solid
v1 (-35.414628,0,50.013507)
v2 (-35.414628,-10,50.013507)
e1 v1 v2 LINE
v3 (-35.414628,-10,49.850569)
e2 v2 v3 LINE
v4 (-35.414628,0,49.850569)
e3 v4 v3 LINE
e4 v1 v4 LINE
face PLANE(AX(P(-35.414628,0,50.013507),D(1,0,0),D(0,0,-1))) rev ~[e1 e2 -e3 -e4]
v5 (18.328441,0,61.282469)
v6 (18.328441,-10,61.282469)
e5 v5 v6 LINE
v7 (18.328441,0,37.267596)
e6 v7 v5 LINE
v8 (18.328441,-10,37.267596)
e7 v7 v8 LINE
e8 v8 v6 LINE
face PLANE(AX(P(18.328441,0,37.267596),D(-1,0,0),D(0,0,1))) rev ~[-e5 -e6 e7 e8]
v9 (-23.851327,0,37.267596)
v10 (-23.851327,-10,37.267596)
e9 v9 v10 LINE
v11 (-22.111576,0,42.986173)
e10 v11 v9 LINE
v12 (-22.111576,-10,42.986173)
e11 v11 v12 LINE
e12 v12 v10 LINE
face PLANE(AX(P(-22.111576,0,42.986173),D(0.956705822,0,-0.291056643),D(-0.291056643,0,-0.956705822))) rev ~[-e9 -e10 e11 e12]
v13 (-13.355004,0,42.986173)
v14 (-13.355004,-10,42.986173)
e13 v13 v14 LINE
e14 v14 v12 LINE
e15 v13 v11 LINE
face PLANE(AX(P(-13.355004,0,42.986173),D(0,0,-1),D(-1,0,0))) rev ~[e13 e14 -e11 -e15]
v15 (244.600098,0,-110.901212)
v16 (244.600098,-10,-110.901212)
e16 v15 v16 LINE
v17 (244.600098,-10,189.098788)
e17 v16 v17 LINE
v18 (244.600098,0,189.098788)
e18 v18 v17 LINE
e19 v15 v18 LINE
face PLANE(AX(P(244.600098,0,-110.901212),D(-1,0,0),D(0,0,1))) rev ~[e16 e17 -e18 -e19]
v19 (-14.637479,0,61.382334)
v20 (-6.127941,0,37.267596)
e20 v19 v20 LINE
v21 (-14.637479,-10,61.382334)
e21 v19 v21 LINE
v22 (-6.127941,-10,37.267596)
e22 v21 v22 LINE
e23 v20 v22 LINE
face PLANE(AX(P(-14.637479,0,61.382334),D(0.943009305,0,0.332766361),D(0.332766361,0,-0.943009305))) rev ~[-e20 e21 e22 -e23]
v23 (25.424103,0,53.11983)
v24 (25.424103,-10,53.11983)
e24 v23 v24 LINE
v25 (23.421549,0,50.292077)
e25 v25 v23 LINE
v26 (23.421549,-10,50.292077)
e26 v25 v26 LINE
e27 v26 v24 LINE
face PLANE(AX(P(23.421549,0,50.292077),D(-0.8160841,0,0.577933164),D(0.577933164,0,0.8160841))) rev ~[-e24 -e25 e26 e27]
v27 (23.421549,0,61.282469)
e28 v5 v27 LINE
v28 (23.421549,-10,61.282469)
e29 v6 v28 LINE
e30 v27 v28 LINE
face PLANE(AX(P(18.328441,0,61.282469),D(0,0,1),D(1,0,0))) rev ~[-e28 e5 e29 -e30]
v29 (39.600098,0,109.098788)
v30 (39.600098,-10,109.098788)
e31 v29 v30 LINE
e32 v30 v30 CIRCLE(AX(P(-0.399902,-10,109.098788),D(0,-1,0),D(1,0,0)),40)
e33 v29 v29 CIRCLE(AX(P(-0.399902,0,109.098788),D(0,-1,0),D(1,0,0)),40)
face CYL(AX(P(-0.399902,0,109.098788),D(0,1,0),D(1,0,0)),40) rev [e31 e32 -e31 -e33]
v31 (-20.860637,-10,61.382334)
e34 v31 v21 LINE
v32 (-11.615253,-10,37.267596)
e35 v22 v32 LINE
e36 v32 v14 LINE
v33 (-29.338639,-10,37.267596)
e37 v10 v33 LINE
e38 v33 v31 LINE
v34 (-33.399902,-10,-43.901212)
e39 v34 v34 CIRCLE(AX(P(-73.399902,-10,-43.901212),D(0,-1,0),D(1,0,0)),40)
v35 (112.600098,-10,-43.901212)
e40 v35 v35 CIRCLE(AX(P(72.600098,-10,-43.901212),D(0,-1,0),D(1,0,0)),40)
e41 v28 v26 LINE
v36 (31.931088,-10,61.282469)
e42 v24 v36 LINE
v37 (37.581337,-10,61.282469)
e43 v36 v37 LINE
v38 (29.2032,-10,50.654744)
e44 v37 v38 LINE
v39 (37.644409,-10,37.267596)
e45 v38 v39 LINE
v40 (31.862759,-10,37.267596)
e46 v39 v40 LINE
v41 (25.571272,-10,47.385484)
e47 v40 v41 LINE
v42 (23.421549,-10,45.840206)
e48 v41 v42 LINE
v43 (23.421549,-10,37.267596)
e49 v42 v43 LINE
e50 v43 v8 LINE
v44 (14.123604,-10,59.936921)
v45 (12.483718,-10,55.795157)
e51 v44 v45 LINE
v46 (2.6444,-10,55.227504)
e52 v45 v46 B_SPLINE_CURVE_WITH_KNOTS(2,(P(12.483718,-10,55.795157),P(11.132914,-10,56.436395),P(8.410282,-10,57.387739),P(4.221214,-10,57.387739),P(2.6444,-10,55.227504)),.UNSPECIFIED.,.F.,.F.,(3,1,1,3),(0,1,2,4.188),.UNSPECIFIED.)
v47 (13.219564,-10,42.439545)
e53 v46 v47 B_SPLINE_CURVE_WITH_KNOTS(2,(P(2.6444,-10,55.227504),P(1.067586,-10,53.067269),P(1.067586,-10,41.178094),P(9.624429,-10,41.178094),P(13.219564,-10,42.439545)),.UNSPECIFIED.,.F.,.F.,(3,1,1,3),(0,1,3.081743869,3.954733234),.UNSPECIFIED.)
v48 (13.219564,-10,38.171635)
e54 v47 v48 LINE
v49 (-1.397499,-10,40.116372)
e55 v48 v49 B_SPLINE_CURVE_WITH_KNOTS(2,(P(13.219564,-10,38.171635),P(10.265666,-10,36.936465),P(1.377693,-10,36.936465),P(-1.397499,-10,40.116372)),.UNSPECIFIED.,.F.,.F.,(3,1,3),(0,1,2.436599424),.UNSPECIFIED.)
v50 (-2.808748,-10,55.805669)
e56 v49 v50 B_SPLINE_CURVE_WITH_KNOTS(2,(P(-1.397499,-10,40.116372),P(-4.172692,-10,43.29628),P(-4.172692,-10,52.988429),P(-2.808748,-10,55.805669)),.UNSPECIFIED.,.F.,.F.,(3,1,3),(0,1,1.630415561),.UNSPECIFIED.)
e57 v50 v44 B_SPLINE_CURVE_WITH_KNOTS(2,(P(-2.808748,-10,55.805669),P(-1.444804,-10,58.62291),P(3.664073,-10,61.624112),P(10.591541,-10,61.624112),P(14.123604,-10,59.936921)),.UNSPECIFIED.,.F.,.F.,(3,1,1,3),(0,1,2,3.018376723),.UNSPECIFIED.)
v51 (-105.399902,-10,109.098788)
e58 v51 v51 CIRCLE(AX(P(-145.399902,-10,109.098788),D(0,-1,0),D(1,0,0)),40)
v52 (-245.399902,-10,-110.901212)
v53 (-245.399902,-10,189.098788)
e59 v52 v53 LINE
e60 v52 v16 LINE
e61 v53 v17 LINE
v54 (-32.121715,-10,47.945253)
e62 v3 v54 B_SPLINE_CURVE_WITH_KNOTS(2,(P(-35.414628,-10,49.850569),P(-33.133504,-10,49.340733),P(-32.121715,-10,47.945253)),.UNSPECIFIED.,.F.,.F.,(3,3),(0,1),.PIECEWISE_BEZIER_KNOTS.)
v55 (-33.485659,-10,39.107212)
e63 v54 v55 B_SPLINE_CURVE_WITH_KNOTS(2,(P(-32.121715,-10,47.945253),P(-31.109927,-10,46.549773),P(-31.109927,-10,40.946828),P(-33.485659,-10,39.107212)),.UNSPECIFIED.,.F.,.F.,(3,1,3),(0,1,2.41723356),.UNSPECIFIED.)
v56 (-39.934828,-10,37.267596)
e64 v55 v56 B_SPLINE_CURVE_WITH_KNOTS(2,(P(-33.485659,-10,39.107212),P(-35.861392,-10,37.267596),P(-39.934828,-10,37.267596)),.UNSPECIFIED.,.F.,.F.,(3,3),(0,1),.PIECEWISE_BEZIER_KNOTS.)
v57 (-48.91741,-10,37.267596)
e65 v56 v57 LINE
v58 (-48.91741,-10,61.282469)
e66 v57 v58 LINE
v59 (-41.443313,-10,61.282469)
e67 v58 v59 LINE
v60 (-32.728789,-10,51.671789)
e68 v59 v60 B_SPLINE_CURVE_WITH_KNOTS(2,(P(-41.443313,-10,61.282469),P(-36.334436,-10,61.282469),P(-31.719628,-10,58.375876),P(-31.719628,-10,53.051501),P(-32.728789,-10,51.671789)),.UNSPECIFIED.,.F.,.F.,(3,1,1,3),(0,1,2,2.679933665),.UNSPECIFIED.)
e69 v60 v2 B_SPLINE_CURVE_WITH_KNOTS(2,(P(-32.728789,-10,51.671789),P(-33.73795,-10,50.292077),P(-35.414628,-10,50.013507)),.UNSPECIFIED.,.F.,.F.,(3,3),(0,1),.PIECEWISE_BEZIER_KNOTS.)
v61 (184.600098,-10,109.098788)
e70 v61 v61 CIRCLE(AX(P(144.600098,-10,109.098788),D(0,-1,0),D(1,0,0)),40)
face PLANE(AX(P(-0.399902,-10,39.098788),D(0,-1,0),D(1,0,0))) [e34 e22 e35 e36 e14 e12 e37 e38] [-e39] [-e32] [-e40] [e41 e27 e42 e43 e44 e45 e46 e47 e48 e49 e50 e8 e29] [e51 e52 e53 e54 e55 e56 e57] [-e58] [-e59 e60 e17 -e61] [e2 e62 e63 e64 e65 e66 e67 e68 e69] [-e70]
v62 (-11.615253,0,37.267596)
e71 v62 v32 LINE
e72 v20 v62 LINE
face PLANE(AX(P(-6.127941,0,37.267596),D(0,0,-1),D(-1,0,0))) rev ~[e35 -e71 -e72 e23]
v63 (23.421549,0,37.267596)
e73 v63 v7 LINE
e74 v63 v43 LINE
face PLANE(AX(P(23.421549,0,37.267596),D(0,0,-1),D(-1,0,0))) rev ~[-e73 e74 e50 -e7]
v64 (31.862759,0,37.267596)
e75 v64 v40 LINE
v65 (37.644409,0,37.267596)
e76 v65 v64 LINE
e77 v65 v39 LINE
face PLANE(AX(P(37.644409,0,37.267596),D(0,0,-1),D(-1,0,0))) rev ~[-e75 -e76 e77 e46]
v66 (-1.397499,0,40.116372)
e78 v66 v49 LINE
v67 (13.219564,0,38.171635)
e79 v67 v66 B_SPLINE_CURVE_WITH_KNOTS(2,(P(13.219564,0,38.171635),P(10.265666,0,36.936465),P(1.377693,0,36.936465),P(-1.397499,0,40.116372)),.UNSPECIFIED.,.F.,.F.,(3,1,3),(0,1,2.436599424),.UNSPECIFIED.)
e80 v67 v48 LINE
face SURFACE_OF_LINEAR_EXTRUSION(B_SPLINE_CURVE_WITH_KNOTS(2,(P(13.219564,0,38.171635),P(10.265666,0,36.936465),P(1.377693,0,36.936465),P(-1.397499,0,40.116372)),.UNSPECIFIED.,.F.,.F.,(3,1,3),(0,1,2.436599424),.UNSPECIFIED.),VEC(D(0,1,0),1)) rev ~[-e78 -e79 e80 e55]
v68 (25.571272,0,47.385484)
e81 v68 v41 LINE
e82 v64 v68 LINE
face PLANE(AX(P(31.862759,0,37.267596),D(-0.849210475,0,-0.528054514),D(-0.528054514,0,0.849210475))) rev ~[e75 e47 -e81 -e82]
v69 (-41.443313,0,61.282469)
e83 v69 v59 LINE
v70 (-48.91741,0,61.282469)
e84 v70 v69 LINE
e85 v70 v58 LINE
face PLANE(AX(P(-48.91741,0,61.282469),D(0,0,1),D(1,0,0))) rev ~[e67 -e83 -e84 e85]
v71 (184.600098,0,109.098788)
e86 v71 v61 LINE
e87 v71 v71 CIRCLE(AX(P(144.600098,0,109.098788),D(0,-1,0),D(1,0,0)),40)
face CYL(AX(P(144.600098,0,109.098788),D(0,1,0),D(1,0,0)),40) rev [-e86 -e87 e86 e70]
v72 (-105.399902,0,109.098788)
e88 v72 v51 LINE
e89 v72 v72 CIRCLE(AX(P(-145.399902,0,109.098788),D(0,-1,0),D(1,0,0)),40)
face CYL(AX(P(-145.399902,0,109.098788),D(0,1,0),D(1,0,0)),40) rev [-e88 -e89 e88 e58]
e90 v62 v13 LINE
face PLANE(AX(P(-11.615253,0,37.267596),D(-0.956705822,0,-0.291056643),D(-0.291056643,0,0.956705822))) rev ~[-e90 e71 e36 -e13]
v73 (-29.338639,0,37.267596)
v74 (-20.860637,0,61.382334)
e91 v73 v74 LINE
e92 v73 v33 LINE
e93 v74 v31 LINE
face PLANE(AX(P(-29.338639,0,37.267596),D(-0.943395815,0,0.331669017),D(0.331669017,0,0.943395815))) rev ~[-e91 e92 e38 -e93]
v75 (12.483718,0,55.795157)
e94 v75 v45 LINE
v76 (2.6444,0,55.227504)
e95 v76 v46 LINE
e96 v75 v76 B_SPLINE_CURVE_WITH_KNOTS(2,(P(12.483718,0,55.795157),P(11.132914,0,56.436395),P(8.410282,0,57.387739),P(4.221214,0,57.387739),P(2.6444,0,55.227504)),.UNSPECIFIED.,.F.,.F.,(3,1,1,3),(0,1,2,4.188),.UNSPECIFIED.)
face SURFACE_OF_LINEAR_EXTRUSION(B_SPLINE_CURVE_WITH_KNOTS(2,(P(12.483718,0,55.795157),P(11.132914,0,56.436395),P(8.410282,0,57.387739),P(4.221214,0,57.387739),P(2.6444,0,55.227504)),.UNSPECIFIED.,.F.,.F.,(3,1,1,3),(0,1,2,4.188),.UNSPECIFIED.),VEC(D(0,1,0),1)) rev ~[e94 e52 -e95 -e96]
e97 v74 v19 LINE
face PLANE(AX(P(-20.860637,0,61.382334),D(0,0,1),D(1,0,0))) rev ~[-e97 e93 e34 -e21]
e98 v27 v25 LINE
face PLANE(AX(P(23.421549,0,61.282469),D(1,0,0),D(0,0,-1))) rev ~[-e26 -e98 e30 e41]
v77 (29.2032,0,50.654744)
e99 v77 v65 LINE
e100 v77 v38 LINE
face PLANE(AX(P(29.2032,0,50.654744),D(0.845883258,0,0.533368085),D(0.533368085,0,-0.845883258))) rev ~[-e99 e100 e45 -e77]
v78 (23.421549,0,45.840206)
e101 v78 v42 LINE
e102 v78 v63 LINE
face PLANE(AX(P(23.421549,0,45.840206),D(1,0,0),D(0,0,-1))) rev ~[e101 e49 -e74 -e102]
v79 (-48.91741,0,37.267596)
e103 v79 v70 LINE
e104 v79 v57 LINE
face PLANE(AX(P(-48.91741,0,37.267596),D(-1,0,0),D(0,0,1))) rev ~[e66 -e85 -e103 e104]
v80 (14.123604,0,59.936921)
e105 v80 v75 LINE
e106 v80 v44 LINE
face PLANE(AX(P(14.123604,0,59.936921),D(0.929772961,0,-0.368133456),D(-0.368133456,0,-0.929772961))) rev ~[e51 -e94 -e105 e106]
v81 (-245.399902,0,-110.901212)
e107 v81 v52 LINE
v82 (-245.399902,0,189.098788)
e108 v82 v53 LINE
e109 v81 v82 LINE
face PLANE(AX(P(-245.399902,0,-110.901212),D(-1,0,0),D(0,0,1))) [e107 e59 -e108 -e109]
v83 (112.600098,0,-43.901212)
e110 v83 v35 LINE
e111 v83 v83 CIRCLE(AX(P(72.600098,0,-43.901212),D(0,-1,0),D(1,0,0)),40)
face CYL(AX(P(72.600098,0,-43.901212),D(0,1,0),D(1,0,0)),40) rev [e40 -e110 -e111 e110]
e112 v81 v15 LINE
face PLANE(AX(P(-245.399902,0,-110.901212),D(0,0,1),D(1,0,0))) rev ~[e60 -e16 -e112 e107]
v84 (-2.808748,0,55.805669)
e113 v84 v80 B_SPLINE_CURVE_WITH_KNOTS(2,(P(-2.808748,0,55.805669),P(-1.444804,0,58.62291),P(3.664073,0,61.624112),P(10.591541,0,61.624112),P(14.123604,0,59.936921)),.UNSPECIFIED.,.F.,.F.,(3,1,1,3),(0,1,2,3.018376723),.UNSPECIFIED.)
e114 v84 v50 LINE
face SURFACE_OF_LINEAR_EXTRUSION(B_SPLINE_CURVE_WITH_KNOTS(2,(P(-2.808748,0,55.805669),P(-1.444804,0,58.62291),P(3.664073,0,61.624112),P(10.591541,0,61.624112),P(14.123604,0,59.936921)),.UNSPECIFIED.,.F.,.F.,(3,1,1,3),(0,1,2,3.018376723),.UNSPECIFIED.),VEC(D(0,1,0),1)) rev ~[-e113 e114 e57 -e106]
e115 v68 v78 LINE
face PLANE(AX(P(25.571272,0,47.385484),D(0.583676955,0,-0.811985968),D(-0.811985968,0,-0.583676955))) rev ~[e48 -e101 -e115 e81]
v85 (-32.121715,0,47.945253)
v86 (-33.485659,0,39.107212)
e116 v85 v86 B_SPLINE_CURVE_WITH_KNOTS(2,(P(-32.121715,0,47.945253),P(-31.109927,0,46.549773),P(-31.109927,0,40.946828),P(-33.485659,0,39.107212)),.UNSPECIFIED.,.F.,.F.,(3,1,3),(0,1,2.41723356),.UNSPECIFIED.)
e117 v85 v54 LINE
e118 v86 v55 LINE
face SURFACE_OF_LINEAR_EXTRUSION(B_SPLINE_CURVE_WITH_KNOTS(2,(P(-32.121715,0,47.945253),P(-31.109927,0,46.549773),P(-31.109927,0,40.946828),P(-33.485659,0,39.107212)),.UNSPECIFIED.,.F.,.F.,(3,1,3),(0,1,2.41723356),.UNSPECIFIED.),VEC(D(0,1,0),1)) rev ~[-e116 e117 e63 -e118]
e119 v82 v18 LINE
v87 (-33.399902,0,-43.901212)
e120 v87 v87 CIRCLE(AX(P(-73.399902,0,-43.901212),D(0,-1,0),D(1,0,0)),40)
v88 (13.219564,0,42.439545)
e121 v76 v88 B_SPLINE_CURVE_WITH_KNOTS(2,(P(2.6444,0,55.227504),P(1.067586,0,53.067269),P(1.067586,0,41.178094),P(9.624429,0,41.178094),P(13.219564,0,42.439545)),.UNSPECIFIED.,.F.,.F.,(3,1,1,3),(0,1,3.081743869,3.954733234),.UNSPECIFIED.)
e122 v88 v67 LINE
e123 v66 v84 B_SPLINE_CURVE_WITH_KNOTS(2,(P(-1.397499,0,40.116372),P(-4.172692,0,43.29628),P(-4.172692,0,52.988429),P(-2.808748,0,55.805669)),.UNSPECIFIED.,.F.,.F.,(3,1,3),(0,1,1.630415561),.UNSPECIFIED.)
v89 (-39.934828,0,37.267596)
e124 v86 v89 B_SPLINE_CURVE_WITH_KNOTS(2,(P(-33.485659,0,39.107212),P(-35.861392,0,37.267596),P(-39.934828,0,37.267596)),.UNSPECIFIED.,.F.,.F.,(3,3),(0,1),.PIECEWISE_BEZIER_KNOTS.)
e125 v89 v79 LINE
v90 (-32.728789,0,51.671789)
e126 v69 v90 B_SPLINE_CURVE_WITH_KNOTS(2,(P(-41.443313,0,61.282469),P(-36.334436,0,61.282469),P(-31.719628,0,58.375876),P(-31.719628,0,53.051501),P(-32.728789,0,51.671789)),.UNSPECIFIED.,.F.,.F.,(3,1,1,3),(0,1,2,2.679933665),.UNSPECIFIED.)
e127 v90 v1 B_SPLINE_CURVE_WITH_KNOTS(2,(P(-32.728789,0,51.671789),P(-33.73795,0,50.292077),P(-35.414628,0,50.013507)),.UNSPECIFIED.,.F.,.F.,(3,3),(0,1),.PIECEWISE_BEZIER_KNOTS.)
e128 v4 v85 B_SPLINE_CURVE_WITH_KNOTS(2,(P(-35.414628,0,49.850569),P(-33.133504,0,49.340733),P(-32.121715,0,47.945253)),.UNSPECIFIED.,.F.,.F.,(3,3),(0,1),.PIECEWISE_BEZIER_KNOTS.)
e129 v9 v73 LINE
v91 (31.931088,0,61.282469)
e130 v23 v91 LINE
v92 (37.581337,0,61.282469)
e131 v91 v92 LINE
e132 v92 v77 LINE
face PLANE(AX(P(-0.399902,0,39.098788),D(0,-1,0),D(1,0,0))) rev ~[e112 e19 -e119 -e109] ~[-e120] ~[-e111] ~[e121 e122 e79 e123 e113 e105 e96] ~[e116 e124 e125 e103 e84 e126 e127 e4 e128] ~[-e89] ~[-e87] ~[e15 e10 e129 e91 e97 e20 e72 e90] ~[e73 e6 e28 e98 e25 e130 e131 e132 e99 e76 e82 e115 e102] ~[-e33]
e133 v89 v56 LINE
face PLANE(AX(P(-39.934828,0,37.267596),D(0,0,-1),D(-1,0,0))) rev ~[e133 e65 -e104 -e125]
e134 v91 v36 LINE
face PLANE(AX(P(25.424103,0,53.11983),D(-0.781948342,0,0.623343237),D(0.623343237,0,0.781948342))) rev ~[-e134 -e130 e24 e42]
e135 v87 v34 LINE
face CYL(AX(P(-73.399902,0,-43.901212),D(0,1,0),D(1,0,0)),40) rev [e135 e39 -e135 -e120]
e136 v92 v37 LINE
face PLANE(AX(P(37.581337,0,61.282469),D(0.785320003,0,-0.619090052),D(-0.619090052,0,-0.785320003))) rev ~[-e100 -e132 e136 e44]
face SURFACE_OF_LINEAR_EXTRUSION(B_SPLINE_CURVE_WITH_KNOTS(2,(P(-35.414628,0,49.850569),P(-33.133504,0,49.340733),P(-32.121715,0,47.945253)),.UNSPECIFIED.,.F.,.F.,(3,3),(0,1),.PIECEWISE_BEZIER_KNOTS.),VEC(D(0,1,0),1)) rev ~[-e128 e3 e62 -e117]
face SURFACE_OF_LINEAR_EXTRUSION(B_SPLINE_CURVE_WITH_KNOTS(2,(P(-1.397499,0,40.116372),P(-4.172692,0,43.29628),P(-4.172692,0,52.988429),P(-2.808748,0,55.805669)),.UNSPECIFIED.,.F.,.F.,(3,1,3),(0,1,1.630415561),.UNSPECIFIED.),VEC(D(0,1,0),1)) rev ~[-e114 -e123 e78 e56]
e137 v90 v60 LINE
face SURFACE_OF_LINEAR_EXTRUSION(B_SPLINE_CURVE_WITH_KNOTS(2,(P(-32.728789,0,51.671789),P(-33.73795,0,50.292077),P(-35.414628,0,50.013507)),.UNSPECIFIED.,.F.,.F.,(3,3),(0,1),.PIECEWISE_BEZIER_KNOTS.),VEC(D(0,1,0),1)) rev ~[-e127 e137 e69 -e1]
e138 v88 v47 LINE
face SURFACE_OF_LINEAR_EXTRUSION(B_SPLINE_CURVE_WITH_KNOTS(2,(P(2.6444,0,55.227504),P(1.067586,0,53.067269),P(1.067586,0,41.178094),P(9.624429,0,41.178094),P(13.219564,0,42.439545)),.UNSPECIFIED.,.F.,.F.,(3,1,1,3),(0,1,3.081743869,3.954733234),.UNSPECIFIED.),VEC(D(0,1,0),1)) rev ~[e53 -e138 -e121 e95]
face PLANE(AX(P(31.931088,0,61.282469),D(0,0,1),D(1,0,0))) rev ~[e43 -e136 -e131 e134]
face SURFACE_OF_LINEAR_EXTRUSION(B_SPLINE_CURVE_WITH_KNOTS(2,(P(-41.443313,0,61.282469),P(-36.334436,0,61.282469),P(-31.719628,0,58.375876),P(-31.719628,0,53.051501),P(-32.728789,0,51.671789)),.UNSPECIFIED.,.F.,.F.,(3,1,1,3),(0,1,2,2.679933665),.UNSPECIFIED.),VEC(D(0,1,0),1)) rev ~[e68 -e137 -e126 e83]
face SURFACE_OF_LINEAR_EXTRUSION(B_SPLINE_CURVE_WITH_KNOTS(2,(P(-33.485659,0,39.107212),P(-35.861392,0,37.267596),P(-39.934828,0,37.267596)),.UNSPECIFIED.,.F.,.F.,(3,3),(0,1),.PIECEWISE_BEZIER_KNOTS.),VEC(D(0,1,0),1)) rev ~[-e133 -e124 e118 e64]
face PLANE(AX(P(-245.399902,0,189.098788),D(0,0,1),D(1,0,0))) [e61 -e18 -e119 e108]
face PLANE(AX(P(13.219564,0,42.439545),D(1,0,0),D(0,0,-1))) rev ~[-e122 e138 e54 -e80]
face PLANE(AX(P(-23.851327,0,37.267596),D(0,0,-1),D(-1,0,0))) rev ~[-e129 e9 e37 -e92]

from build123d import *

# Parameters (mm, degrees)
F0_W     = 490
F0_H     = 300
F0_R     = 40
F1_DEPTH = 10


with BuildPart() as f1:
    # F0 (on Front) → F1 (new body)
    with BuildSketch(Plane.XZ):
        with Locations((-0.399902463, 39.0987883966)):
            Rectangle(F0_W, F0_H)
        with Locations((-73.399902463, -43.9012116034)):
            Circle(F0_R, mode=Mode.SUBTRACT)
        with Locations((72.600097537, -43.9012116034)):
            Circle(F0_R, mode=Mode.SUBTRACT)
        with Locations((-145.399902463, 109.0987883966)):
            Circle(F0_R, mode=Mode.SUBTRACT)
        with BuildLine():
            Line((-48.9174100908, 37.2675955296), (-48.9174100908, 61.2824691319))
            Line((-48.9174100908, 61.2824691319), (-41.4433128568, 61.2824691319))
            add(Edge.make_bspline(
                [(-41.4433128568, 61.2824691319), (-36.3344362664, 61.2824691319), (-34.0270321273, 59.8291724475)],
                knots=[0, 0, 0, 1, 1, 1], degree=2))
            add(Edge.make_bspline(
                [(-34.0270321273, 59.8291724475), (-31.7196279882, 58.3758757631), (-31.7196279882, 55.2064801005)],
                knots=[0, 0, 0, 1, 1, 1], degree=2))
            add(Edge.make_bspline(
                [(-31.7196279882, 55.2064801005), (-31.7196279882, 53.0515012918), (-32.7287887962, 51.6717892497)],
                knots=[0, 0, 0, 1, 1, 1], degree=2))
            add(Edge.make_bspline(
                [(-32.7287887962, 51.6717892497), (-33.7379496042, 50.2920772075), (-35.4146282383, 50.0135067761)],
                knots=[0, 0, 0, 1, 1, 1], degree=2))
            Line((-35.4146282383, 50.0135067761), (-35.4146282383, 49.850569354))
            add(Edge.make_bspline(
                [(-35.4146282383, 49.850569354), (-33.1335043286, 49.3407329042), (-32.1217154976, 47.9452527244)],
                knots=[0, 0, 0, 1, 1, 1], degree=2))
            add(Edge.make_bspline(
                [(-32.1217154976, 47.9452527244), (-31.1099266667, 46.5497725446), (-31.1099266667, 44.2318563138)],
                knots=[0, 0, 0, 1, 1, 1], degree=2))
            add(Edge.make_bspline(
                [(-31.1099266667, 44.2318563138), (-31.1099266667, 40.946827642), (-33.4856594022, 39.1072115858)],
                knots=[0, 0, 0, 1, 1, 1], degree=2))
            add(Edge.make_bspline(
                [(-33.4856594022, 39.1072115858), (-35.8613921376, 37.2675955296), (-39.9348276907, 37.2675955296)],
                knots=[0, 0, 0, 1, 1, 1], degree=2))
            Line((-39.9348276907, 37.2675955296), (-48.9174100908, 37.2675955296))
        make_face(mode=Mode.SUBTRACT)
        Polygon((-6.1279406234, 37.2675955296), (-11.6152525168, 37.2675955296), (-13.3550037014, 42.9861734414), (-22.1115761289, 42.9861734414), (-23.8513273135, 37.2675955296), (-29.3386392069, 37.2675955296), (-20.8606372107, 61.3823340035), (-14.6374788949, 61.3823340035), align=None, mode=Mode.SUBTRACT)
        with BuildLine():
            add(Edge.make_bspline(
                [(9.7715981481, 56.9120669869), (8.4102822665, 57.3877391386), (7.0962707978, 57.3877391386)],
                knots=[0, 0, 0, 1, 1, 1], degree=2))
            add(Edge.make_bspline(
                [(7.0962707978, 57.3877391386), (4.2212137042, 57.3877391386), (2.6443999418, 55.227504284)],
                knots=[0, 0, 0, 1, 1, 1], degree=2))
            add(Edge.make_bspline(
                [(2.6443999418, 55.227504284), (1.0675861793, 53.0672694294), (1.0675861793, 49.2093317573)],
                knots=[0, 0, 0, 1, 1, 1], degree=2))
            add(Edge.make_bspline(
                [(1.0675861793, 49.2093317573), (1.0675861793, 41.1780936605), (7.0962707978, 41.1780936605)],
                knots=[0, 0, 0, 1, 1, 1], degree=2))
            add(Edge.make_bspline(
                [(7.0962707978, 41.1780936605), (9.6244288636, 41.1780936605), (13.219564242, 42.4395446704)],
                knots=[0, 0, 0, 1, 1, 1], degree=2))
            Line((13.219564242, 42.4395446704), (13.219564242, 38.17163542))
            add(Edge.make_bspline(
                [(13.219564242, 38.17163542), (10.2656664603, 36.9364646394), (6.6179706232, 36.9364646394)],
                knots=[0, 0, 0, 1, 1, 1], degree=2))
            add(Edge.make_bspline(
                [(6.6179706232, 36.9364646394), (1.3776928859, 36.9364646394), (-1.397499336, 40.1163723937)],
                knots=[0, 0, 0, 1, 1, 1], degree=2))
            add(Edge.make_bspline(
                [(-1.397499336, 40.1163723937), (-4.172691558, 43.296280148), (-4.172691558, 49.2408680325)],
                knots=[0, 0, 0, 1, 1, 1], degree=2))
            add(Edge.make_bspline(
                [(-4.172691558, 49.2408680325), (-4.172691558, 52.9884287413), (-2.8087476534, 55.8056693303)],
                knots=[0, 0, 0, 1, 1, 1], degree=2))
            add(Edge.make_bspline(
                [(-2.8087476534, 55.8056693303), (-1.4448037489, 58.6229099192), (1.1096345463, 60.1235110165)],
                knots=[0, 0, 0, 1, 1, 1], degree=2))
            add(Edge.make_bspline(
                [(1.1096345463, 60.1235110165), (3.6640728415, 61.6241121138), (7.0962707978, 61.6241121138)],
                knots=[0, 0, 0, 1, 1, 1], degree=2))
            add(Edge.make_bspline(
                [(7.0962707978, 61.6241121138), (10.5915413046, 61.6241121138), (14.1236041325, 59.9369213879)],
                knots=[0, 0, 0, 1, 1, 1], degree=2))
            Line((14.1236041325, 59.9369213879), (12.4837178195, 55.7951572385))
            add(Edge.make_bspline(
                [(12.4837178195, 55.7951572385), (11.1329140297, 56.4363948352), (9.7715981481, 56.9120669869)],
                knots=[0, 0, 0, 1, 1, 1], degree=2))
        make_face(mode=Mode.SUBTRACT)
        Polygon((29.2031997475, 50.6547443729), (37.6444094226, 37.2675955296), (31.8627589602, 37.2675955296), (25.571272048, 47.3854838387), (23.4215492852, 45.8402063515), (23.4215492852, 37.2675955296), (18.3284408324, 37.2675955296), (18.3284408324, 61.2824691319), (23.4215492852, 61.2824691319), (23.4215492852, 50.2920772075), (25.4241027635, 53.1198298882), (31.9310875566, 61.2824691319), (37.5813368721, 61.2824691319), align=None, mode=Mode.SUBTRACT)
        with Locations((-0.399902463, 109.0987883966)):
            Circle(F0_R, mode=Mode.SUBTRACT)
        with Locations((144.600097537, 109.0987883966)):
            Circle(F0_R, mode=Mode.SUBTRACT)
    extrude(amount=F1_DEPTH)


solid = f1.part
